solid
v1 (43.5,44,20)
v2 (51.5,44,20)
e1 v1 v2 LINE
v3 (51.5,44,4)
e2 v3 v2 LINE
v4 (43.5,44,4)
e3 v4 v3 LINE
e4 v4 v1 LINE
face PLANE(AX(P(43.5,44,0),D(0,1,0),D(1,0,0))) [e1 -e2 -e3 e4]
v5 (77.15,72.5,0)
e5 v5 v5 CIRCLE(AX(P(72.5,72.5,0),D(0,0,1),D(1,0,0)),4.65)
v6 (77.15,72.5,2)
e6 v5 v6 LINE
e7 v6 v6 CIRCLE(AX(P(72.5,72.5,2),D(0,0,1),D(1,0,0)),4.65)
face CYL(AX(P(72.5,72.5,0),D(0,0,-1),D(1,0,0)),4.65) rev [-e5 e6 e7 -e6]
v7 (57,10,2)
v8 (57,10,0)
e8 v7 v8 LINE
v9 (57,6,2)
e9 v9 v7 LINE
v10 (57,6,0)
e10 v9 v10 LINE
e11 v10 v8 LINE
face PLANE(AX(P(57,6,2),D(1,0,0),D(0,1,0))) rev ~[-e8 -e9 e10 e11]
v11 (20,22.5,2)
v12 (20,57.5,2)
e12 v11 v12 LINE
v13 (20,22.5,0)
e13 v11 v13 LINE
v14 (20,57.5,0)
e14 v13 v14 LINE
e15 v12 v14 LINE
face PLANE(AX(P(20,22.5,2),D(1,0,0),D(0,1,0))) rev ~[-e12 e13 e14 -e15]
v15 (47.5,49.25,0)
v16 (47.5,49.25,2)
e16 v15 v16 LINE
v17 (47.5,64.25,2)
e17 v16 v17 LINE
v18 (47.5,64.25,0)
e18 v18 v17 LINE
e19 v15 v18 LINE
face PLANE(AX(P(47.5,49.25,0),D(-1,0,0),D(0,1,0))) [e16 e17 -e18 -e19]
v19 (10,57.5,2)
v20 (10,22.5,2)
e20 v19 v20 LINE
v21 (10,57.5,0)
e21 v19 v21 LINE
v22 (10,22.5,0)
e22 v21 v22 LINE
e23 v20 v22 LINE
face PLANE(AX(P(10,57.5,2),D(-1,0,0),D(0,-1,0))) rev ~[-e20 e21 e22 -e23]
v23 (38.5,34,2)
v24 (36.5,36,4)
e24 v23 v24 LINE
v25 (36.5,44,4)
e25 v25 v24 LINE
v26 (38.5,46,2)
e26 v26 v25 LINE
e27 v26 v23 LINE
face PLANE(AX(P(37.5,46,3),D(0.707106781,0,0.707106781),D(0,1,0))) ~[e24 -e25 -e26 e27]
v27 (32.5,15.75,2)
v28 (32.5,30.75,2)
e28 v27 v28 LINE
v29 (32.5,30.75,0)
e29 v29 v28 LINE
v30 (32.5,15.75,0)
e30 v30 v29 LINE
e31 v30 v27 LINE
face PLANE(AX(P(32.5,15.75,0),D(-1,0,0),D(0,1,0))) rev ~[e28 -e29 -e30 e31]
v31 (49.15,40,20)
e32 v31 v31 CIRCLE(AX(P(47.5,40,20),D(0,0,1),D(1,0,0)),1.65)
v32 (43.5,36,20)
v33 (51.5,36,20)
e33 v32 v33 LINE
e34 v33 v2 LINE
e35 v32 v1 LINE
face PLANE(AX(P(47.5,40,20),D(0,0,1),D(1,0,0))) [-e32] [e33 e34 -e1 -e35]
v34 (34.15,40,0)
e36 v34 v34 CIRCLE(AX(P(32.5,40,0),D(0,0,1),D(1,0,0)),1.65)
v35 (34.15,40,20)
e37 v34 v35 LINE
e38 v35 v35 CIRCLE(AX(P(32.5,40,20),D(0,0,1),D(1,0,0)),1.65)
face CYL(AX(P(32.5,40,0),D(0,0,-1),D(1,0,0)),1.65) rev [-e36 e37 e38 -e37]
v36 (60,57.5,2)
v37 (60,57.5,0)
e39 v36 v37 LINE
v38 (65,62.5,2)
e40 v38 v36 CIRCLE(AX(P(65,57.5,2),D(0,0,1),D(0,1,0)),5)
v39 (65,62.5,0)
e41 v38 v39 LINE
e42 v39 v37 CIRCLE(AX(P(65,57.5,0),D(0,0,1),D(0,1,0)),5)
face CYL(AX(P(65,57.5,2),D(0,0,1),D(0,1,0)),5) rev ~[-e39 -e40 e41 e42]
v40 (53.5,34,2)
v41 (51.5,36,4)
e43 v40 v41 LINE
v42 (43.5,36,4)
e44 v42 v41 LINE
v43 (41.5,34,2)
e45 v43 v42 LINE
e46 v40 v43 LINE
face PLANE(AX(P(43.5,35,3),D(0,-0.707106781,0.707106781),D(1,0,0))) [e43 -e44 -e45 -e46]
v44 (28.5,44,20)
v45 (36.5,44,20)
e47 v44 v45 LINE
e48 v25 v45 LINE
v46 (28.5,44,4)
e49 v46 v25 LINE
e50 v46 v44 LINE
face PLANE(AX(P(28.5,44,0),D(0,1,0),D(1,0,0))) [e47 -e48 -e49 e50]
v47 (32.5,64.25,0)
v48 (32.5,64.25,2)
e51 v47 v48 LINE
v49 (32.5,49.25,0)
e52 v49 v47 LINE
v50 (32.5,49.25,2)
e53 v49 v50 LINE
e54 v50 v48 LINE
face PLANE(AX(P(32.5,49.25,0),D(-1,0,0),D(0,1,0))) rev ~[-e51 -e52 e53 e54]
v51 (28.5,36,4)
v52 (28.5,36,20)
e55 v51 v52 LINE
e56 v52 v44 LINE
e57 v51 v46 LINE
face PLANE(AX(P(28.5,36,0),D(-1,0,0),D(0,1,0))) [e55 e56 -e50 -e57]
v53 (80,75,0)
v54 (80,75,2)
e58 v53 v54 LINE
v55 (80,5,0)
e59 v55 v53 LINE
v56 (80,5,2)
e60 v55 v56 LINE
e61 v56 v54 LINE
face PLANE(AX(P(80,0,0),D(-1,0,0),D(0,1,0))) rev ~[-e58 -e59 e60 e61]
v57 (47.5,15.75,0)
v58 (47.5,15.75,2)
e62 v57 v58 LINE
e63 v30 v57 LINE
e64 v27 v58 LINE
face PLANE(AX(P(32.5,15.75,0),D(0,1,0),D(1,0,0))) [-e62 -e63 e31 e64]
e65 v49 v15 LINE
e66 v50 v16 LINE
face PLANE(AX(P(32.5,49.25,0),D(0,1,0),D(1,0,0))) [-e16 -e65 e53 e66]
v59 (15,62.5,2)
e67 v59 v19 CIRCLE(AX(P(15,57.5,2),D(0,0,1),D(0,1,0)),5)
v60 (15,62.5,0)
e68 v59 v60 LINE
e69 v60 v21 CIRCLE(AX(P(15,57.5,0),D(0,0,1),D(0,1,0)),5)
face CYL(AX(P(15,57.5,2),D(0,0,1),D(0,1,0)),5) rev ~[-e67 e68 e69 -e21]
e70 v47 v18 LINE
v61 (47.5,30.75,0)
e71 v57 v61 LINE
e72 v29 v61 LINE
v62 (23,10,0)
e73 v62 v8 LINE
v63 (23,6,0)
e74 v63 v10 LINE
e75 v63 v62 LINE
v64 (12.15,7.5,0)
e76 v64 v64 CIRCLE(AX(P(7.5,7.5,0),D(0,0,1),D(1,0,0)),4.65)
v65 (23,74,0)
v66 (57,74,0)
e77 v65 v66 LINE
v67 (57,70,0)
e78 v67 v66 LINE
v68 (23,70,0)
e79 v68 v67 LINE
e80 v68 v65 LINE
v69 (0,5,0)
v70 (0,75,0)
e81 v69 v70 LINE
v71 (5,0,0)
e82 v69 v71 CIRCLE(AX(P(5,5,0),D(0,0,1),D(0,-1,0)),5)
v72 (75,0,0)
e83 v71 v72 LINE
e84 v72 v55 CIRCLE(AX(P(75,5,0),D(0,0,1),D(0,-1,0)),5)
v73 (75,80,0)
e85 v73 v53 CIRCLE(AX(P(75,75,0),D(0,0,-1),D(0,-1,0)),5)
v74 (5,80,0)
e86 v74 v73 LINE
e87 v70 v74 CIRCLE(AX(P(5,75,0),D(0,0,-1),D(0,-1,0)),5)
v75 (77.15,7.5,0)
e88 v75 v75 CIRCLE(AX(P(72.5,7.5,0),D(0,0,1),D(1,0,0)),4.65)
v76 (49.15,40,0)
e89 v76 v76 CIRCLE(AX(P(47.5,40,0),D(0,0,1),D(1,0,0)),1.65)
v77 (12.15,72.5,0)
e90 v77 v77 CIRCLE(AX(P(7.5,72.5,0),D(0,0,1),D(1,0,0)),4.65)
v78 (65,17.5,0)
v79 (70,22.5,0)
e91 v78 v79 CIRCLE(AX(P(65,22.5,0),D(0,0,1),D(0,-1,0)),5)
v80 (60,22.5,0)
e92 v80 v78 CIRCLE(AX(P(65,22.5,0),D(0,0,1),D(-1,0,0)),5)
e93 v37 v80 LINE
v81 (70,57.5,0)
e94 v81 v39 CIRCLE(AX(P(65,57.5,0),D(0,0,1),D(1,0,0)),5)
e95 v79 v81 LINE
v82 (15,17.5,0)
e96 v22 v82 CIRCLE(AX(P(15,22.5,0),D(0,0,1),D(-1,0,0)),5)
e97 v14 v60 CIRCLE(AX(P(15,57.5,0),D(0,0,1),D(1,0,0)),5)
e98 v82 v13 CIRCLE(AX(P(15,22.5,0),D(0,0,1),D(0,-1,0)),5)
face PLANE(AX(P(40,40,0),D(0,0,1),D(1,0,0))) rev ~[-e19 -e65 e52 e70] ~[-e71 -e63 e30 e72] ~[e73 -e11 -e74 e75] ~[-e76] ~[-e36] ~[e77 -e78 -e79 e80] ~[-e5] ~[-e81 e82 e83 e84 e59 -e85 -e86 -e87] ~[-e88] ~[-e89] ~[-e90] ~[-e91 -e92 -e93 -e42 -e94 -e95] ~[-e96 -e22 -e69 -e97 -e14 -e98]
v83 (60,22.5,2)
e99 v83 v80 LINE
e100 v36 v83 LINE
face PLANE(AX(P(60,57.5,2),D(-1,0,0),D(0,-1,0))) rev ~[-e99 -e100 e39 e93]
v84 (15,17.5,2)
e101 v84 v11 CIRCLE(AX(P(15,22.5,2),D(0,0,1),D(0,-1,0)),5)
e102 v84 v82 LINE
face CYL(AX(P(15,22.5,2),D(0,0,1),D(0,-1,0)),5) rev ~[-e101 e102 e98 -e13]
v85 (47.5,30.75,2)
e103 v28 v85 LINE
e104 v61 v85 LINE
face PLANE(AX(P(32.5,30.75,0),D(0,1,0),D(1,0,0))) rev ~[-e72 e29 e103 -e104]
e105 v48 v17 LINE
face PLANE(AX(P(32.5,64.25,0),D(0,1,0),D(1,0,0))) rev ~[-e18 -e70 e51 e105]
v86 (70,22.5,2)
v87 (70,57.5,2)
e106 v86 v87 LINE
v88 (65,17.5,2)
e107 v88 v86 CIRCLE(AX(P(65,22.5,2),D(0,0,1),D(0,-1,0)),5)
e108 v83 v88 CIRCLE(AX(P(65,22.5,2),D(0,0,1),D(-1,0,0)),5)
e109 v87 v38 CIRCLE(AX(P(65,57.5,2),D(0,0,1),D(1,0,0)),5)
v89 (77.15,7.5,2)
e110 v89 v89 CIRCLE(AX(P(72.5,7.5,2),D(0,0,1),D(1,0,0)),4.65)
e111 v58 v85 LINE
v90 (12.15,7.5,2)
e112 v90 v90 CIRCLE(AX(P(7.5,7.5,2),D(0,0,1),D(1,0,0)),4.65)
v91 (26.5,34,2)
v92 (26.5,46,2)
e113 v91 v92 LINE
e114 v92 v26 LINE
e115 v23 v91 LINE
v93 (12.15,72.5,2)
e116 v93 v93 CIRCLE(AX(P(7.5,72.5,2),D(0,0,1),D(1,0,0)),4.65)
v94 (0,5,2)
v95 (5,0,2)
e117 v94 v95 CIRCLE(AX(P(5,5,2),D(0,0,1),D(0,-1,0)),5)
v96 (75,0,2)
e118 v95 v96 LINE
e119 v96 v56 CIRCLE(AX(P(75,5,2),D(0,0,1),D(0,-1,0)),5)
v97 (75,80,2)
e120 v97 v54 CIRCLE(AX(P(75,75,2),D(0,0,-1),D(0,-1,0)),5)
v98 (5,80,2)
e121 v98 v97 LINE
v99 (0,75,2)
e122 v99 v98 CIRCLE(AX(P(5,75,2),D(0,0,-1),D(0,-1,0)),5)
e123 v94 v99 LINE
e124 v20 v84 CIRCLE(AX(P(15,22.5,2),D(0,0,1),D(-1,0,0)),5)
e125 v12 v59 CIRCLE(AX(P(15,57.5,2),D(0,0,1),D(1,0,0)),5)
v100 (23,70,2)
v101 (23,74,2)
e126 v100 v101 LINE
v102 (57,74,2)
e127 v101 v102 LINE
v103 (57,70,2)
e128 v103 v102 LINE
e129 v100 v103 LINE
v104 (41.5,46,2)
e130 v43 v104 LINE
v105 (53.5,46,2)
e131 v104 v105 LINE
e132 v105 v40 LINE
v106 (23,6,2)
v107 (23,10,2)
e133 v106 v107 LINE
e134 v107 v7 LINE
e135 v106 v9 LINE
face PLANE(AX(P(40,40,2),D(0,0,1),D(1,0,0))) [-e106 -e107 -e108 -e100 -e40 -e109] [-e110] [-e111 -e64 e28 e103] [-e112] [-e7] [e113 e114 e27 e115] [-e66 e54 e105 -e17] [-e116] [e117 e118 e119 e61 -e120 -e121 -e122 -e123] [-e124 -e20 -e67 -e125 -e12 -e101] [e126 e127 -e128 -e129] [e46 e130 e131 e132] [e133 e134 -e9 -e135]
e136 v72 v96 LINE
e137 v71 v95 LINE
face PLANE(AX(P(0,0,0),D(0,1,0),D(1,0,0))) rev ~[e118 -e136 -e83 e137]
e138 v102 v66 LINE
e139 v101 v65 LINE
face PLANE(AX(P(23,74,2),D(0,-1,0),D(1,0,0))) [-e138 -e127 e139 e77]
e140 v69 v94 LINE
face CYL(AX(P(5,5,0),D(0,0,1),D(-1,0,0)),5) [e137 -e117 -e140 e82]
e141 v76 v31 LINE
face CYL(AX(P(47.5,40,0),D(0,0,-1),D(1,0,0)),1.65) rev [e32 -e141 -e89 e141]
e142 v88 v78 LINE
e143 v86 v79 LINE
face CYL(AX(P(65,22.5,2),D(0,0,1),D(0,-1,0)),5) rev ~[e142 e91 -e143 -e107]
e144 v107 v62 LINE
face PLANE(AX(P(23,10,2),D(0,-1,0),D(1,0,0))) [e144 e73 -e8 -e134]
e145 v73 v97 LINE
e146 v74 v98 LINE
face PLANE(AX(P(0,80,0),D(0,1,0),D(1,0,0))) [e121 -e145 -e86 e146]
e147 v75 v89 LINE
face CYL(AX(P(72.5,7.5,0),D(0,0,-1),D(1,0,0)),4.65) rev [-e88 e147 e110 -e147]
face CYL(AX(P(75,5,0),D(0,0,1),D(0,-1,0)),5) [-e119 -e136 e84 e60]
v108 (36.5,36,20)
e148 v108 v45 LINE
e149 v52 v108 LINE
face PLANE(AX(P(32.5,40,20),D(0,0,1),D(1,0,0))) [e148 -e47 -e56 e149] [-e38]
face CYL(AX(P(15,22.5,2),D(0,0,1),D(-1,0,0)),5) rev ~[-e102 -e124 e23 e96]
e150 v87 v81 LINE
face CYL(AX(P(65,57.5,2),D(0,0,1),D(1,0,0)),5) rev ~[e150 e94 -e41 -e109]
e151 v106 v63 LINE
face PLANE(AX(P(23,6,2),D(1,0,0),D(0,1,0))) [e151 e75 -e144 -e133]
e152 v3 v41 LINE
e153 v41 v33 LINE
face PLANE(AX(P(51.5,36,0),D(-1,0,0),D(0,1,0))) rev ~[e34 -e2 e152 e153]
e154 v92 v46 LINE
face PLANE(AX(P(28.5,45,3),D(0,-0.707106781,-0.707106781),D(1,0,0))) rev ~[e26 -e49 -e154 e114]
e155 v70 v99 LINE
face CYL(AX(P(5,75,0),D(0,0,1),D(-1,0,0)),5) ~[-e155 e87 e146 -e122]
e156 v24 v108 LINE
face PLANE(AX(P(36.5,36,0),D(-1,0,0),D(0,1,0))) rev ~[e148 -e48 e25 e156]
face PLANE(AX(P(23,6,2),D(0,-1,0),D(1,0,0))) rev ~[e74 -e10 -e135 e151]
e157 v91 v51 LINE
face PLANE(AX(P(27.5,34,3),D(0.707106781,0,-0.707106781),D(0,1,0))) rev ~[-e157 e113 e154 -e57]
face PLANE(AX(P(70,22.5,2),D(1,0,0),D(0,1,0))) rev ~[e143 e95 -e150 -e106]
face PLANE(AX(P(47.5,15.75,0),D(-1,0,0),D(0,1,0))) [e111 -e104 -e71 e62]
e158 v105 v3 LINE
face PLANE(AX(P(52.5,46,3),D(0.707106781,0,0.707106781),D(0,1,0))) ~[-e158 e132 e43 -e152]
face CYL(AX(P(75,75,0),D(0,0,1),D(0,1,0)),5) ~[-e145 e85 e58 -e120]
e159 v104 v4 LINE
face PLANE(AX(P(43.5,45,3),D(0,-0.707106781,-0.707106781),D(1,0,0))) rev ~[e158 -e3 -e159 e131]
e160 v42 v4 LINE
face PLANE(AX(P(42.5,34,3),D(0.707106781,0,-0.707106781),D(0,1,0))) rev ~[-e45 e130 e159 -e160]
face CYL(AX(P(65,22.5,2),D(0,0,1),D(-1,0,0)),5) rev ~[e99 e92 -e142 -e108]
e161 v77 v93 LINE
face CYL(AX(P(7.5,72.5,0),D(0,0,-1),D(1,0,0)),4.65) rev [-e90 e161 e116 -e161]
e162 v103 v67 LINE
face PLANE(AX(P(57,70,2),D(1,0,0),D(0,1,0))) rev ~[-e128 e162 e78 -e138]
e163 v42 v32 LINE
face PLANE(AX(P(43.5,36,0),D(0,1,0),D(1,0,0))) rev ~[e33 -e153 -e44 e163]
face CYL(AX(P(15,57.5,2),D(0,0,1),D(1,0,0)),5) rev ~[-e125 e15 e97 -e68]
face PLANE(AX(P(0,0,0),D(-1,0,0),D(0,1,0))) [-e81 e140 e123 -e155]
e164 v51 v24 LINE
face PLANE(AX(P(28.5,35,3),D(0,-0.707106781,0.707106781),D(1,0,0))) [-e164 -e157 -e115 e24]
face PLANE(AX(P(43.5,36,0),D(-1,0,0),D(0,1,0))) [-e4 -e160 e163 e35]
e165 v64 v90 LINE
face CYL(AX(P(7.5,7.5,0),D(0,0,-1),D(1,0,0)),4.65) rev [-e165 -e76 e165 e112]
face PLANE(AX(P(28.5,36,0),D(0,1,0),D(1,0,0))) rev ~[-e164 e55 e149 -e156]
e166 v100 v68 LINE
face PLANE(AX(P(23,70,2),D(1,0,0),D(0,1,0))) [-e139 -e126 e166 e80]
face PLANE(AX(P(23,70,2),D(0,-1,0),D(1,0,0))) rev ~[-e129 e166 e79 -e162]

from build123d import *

# Parameters (mm, degrees)
F0_W     = 8
F0_H     = 8
F0_R     = 1.65
F1_DEPTH = 20
F0_W_2   = 80
F0_H_2   = 80
F0_R_2   = 4.65
F0_W_3   = 15
F0_H_3   = 15
F2_DEPTH = 2
F3_R     = 5
F4_SIZE  = 2
F5_SIZE  = 2
F6_SIZE  = 2
F7_SIZE  = 2
F8_W     = 34
F8_H     = 4
F9_DEPTH = 25


with BuildPart() as f1:
    # F0 (on Top) → F1 (new body)
    with BuildSketch(Plane.XY):
        with Locations((32.5, 40)):
            Rectangle(F0_W, F0_H)
        with Locations((32.5, 40)):
            Circle(F0_R, mode=Mode.SUBTRACT)
    extrude(amount=F1_DEPTH)



with BuildPart() as f1b:
    # F0 (on Top) → F1, piece 2 (new body)
    with BuildSketch(Plane.XY):
        with Locations((47.5, 40)):
            Rectangle(F0_W, F0_H)
        with Locations((47.5, 40)):
            Circle(F0_R, mode=Mode.SUBTRACT)
    extrude(amount=F1_DEPTH)


with BuildPart() as f1_1:
    add(f1.part)

    add(f1b.part)  # F2 merges F1b
    # F0 (on Top) → F2 (join)
    with BuildSketch(Plane.XY):
        with Locations((40, 40)):
            Rectangle(F0_W_2, F0_H_2)
        with Locations((7.5, 7.5)):
            Circle(F0_R_2, mode=Mode.SUBTRACT)
        with Locations((72.5, 7.5)):
            Circle(F0_R_2, mode=Mode.SUBTRACT)
        with Locations((40, 23.25)):
            Rectangle(F0_W_3, F0_H_3, mode=Mode.SUBTRACT)
        with Locations((32.5, 40)):
            Rectangle(F0_W, F0_H, mode=Mode.SUBTRACT)
        with Locations((7.5, 72.5)):
            Circle(F0_R_2, mode=Mode.SUBTRACT)
        with Locations((47.5, 40)):
            Rectangle(F0_W, F0_H, mode=Mode.SUBTRACT)
        with Locations((40, 56.75)):
            Rectangle(F0_W_3, F0_H_3, mode=Mode.SUBTRACT)
        with Locations((72.5, 72.5)):
            Circle(F0_R_2, mode=Mode.SUBTRACT)
    extrude(amount=F2_DEPTH)

    # F3
    f3_edges = [f1_1.edges().sort_by_distance(p)[0] for p in [
        (0, 80, 1),
        (80, 80, 1),
        (80, 0, 1),
        (0, 0, 1),
    ]]
    fillet(f3_edges, radius=F3_R)

    # F4
    f4_edges = [f1_1.edges().sort_by_distance(p)[0] for p in [
        (32.5, 44, 2),
        (47.5, 44, 2),
    ]]
    chamfer(f4_edges, length=F4_SIZE)

    # F5
    f5_edges = [f1_1.edges().sort_by_distance(p)[0] for p in [
        (32.5, 36, 2),
        (47.5, 36, 2),
    ]]
    chamfer(f5_edges, length=F5_SIZE)

    # F6
    f6_edges = [f1_1.edges().sort_by_distance(p)[0] for p in [
        (28.5, 40, 2),
        (36.5, 40, 2),
    ]]
    chamfer(f6_edges, length=F6_SIZE)

    # F7
    f7_edges = [f1_1.edges().sort_by_distance(p)[0] for p in [
        (51.5, 40, 2),
        (43.5, 40, 2),
    ]]
    chamfer(f7_edges, length=F7_SIZE)

    # F8 (on face) → F9 (cut)
    with BuildSketch(Plane.XY.offset(2)):
        with BuildLine():
            Line((20, 22.5), (20, 57.5))
            ThreePointArc((20, 57.5), (18.5355339059, 61.0355339059), (15, 62.5))
            ThreePointArc((15, 62.5), (11.4644660941, 61.0355339059), (10, 57.5))
            Line((10, 57.5), (10, 22.5))
            ThreePointArc((10, 22.5), (11.4644660941, 18.9644660941), (15, 17.5))
            ThreePointArc((15, 17.5), (18.5355339059, 18.9644660941), (20, 22.5))
        make_face()
        with BuildLine():
            ThreePointArc((65, 62.5), (61.4644660941, 61.0355339059), (60, 57.5))
            Line((60, 57.5), (60, 22.5))
            ThreePointArc((60, 22.5), (61.4644660941, 18.9644660941), (65, 17.5))
            ThreePointArc((65, 17.5), (68.5355339059, 18.9644660941), (70, 22.5))
            Line((70, 22.5), (70, 57.5))
            ThreePointArc((70, 57.5), (68.5355339059, 61.0355339059), (65, 62.5))
        make_face()
        with Locations((40, 72)):
            Rectangle(F8_W, F8_H)
        with Locations((40, 8)):
            Rectangle(F8_W, F8_H)
    extrude(amount=-F9_DEPTH, mode=Mode.SUBTRACT)


solid = f1_1.part
